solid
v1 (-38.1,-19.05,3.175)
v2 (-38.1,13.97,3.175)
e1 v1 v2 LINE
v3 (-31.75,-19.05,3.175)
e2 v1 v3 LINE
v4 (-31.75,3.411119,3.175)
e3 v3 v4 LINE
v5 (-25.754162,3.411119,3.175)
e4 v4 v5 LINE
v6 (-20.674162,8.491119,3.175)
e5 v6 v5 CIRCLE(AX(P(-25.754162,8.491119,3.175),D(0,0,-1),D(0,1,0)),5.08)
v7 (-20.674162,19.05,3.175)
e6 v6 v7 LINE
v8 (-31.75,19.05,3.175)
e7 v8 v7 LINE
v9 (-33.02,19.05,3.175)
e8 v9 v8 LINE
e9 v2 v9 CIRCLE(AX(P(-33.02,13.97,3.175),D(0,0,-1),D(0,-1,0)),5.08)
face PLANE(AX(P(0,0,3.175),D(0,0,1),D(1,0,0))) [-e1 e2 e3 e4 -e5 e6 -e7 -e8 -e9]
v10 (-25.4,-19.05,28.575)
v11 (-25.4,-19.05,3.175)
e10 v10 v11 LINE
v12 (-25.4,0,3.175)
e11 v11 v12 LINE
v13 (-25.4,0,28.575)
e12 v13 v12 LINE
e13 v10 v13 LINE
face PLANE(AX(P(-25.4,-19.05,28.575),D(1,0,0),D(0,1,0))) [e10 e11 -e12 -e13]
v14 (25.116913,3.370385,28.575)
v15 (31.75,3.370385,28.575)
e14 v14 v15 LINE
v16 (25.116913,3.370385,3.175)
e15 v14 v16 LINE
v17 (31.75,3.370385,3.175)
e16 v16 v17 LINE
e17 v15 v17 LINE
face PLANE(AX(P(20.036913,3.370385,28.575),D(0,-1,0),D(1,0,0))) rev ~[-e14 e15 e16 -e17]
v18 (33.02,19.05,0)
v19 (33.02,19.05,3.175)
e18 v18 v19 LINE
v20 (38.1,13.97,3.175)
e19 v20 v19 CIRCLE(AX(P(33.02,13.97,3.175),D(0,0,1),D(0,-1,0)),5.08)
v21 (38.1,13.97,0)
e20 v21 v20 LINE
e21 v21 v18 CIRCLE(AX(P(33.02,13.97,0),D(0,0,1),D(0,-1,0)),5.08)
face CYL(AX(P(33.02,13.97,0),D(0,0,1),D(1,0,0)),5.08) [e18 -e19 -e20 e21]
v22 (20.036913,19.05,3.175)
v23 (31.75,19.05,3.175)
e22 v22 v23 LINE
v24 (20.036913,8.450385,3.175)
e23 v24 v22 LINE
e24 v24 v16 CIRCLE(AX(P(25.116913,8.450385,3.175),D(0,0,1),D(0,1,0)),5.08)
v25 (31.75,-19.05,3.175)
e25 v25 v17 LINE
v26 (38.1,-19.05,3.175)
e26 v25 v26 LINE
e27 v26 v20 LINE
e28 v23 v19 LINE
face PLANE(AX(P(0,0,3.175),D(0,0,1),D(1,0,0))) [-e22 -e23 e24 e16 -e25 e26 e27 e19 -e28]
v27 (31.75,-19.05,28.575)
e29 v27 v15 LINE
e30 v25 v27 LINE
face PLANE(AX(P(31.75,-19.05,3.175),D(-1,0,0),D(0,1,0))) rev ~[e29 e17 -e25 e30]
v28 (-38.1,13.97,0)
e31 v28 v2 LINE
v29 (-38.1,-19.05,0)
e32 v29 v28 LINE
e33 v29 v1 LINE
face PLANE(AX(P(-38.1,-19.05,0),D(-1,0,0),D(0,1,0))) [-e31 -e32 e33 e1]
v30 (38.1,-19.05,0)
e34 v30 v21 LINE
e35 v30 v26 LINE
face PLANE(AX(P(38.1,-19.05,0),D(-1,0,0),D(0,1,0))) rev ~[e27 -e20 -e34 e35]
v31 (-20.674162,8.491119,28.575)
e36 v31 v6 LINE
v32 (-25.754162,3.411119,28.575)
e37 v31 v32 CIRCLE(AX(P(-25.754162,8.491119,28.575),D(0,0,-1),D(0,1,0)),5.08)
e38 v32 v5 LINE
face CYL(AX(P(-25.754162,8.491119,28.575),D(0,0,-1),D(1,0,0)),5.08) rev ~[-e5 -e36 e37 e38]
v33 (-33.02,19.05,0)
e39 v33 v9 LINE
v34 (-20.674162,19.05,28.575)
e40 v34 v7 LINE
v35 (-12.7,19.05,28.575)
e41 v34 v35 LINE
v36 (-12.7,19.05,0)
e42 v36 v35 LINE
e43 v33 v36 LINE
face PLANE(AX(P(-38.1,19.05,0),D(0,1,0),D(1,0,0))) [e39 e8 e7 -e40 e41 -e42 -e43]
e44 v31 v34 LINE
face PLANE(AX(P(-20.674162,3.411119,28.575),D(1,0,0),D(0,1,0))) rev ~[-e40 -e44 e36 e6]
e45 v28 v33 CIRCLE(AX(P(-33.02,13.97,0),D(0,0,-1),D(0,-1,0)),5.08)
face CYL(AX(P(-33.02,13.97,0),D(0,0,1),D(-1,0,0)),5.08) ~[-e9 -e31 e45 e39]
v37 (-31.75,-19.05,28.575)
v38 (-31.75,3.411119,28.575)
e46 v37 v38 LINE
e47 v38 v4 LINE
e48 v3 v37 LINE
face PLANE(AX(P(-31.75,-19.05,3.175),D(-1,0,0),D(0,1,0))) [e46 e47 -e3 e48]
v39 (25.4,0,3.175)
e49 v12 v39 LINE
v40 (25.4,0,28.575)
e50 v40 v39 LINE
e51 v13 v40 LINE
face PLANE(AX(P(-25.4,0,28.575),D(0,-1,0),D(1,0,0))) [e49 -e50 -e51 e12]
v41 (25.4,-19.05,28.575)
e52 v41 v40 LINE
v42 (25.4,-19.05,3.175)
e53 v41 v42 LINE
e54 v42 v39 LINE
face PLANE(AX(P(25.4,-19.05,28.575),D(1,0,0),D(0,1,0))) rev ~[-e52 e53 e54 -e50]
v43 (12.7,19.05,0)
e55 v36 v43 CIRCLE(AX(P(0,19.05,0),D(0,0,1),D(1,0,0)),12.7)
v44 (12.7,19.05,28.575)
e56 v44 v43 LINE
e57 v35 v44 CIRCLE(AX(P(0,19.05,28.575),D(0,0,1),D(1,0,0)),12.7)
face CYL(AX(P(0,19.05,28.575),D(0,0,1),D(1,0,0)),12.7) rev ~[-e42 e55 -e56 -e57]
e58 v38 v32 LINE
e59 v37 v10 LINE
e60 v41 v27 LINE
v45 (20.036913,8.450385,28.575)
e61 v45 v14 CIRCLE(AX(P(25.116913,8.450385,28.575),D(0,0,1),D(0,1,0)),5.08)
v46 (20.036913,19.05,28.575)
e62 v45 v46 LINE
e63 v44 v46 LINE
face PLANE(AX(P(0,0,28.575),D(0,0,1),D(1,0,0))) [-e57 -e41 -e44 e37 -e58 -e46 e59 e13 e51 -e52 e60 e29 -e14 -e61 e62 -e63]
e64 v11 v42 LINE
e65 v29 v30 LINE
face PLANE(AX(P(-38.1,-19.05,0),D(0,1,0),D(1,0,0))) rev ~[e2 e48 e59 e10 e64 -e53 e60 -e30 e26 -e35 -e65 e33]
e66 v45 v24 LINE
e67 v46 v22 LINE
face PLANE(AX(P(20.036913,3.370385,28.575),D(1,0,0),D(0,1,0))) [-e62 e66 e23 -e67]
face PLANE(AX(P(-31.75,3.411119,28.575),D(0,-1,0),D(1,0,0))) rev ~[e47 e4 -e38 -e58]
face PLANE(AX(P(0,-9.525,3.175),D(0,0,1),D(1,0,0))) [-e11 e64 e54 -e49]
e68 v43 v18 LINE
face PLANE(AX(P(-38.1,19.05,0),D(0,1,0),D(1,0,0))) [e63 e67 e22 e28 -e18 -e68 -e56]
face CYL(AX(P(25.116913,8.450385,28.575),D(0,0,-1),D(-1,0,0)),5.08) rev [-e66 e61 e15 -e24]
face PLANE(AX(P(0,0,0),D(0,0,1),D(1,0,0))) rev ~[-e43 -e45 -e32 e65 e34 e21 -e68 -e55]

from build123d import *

# Parameters (mm, degrees)
F0_W      = 76.2
F0_H      = 38.1
F1_DEPTH  = 3.175
F2_R      = 5.08
F3_W      = 63.5
F3_H      = 38.1
F4_DEPTH  = 25.4
F5_W      = 50.8
F5_H      = 19.05
F6_DEPTH  = 25.4
F7_R      = 12.7
F8_DEPTH  = 28.576
F9_W      = 11.075838387
F9_H      = 15.6388808947
F10_DEPTH = 25.4
F11_R     = 5.08
F12_W     = 11.7130865455
F12_H     = 15.6796150815
F13_DEPTH = 25.4
F14_R     = 5.08


with BuildPart() as f1:
    # F0 (on Top) → F1 (new body)
    with BuildSketch(Plane.XY):
        Rectangle(F0_W, F0_H)
    extrude(amount=F1_DEPTH)

    # F2
    f2_edges = [f1.edges().sort_by_distance(p)[0] for p in [
        (-38.1, 19.05, 1.5875),
        (38.1, 19.05, 1.5875),
    ]]
    fillet(f2_edges, radius=F2_R)

    # F3 (on face) → F4 (join)
    with BuildSketch(Plane.XY.offset(3.175)):
        Rectangle(F3_W, F3_H)
    extrude(amount=F4_DEPTH)

    # F5 (on face) → F6 (cut)
    with BuildSketch(Plane.XY.offset(28.575)):
        with Locations((0, -9.525)):
            Rectangle(F5_W, F5_H)
    extrude(amount=-F6_DEPTH, mode=Mode.SUBTRACT)

    # F7 (on face) → F8 (cut, through all)
    with BuildSketch(Plane.XY.offset(28.575)):
        with Locations((0, 19.05)):
            Circle(F7_R)
    extrude(amount=-F8_DEPTH, mode=Mode.SUBTRACT)

    # F9 (on face) → F10 (cut)
    with BuildSketch(Plane.XY.offset(28.575)):
        with Locations((-26.2120808065, 11.2305595526)):
            Rectangle(F9_W, F9_H)
    extrude(amount=-F10_DEPTH, mode=Mode.SUBTRACT)

    # F11
    f11_edges = [f1.edges().sort_by_distance(p)[0] for p in [
        (-20.674162, 3.411119, 15.875),
    ]]
    fillet(f11_edges, radius=F11_R)

    # F12 (on face) → F13 (cut)
    with BuildSketch(Plane.XY.offset(28.575)):
        with Locations((25.8934567273, 11.2101924593)):
            Rectangle(F12_W, F12_H)
    extrude(amount=-F13_DEPTH, mode=Mode.SUBTRACT)

    # F14
    f14_edges = [f1.edges().sort_by_distance(p)[0] for p in [
        (20.036913, 3.370385, 15.875),
    ]]
    fillet(f14_edges, radius=F14_R)


solid = f1.part
